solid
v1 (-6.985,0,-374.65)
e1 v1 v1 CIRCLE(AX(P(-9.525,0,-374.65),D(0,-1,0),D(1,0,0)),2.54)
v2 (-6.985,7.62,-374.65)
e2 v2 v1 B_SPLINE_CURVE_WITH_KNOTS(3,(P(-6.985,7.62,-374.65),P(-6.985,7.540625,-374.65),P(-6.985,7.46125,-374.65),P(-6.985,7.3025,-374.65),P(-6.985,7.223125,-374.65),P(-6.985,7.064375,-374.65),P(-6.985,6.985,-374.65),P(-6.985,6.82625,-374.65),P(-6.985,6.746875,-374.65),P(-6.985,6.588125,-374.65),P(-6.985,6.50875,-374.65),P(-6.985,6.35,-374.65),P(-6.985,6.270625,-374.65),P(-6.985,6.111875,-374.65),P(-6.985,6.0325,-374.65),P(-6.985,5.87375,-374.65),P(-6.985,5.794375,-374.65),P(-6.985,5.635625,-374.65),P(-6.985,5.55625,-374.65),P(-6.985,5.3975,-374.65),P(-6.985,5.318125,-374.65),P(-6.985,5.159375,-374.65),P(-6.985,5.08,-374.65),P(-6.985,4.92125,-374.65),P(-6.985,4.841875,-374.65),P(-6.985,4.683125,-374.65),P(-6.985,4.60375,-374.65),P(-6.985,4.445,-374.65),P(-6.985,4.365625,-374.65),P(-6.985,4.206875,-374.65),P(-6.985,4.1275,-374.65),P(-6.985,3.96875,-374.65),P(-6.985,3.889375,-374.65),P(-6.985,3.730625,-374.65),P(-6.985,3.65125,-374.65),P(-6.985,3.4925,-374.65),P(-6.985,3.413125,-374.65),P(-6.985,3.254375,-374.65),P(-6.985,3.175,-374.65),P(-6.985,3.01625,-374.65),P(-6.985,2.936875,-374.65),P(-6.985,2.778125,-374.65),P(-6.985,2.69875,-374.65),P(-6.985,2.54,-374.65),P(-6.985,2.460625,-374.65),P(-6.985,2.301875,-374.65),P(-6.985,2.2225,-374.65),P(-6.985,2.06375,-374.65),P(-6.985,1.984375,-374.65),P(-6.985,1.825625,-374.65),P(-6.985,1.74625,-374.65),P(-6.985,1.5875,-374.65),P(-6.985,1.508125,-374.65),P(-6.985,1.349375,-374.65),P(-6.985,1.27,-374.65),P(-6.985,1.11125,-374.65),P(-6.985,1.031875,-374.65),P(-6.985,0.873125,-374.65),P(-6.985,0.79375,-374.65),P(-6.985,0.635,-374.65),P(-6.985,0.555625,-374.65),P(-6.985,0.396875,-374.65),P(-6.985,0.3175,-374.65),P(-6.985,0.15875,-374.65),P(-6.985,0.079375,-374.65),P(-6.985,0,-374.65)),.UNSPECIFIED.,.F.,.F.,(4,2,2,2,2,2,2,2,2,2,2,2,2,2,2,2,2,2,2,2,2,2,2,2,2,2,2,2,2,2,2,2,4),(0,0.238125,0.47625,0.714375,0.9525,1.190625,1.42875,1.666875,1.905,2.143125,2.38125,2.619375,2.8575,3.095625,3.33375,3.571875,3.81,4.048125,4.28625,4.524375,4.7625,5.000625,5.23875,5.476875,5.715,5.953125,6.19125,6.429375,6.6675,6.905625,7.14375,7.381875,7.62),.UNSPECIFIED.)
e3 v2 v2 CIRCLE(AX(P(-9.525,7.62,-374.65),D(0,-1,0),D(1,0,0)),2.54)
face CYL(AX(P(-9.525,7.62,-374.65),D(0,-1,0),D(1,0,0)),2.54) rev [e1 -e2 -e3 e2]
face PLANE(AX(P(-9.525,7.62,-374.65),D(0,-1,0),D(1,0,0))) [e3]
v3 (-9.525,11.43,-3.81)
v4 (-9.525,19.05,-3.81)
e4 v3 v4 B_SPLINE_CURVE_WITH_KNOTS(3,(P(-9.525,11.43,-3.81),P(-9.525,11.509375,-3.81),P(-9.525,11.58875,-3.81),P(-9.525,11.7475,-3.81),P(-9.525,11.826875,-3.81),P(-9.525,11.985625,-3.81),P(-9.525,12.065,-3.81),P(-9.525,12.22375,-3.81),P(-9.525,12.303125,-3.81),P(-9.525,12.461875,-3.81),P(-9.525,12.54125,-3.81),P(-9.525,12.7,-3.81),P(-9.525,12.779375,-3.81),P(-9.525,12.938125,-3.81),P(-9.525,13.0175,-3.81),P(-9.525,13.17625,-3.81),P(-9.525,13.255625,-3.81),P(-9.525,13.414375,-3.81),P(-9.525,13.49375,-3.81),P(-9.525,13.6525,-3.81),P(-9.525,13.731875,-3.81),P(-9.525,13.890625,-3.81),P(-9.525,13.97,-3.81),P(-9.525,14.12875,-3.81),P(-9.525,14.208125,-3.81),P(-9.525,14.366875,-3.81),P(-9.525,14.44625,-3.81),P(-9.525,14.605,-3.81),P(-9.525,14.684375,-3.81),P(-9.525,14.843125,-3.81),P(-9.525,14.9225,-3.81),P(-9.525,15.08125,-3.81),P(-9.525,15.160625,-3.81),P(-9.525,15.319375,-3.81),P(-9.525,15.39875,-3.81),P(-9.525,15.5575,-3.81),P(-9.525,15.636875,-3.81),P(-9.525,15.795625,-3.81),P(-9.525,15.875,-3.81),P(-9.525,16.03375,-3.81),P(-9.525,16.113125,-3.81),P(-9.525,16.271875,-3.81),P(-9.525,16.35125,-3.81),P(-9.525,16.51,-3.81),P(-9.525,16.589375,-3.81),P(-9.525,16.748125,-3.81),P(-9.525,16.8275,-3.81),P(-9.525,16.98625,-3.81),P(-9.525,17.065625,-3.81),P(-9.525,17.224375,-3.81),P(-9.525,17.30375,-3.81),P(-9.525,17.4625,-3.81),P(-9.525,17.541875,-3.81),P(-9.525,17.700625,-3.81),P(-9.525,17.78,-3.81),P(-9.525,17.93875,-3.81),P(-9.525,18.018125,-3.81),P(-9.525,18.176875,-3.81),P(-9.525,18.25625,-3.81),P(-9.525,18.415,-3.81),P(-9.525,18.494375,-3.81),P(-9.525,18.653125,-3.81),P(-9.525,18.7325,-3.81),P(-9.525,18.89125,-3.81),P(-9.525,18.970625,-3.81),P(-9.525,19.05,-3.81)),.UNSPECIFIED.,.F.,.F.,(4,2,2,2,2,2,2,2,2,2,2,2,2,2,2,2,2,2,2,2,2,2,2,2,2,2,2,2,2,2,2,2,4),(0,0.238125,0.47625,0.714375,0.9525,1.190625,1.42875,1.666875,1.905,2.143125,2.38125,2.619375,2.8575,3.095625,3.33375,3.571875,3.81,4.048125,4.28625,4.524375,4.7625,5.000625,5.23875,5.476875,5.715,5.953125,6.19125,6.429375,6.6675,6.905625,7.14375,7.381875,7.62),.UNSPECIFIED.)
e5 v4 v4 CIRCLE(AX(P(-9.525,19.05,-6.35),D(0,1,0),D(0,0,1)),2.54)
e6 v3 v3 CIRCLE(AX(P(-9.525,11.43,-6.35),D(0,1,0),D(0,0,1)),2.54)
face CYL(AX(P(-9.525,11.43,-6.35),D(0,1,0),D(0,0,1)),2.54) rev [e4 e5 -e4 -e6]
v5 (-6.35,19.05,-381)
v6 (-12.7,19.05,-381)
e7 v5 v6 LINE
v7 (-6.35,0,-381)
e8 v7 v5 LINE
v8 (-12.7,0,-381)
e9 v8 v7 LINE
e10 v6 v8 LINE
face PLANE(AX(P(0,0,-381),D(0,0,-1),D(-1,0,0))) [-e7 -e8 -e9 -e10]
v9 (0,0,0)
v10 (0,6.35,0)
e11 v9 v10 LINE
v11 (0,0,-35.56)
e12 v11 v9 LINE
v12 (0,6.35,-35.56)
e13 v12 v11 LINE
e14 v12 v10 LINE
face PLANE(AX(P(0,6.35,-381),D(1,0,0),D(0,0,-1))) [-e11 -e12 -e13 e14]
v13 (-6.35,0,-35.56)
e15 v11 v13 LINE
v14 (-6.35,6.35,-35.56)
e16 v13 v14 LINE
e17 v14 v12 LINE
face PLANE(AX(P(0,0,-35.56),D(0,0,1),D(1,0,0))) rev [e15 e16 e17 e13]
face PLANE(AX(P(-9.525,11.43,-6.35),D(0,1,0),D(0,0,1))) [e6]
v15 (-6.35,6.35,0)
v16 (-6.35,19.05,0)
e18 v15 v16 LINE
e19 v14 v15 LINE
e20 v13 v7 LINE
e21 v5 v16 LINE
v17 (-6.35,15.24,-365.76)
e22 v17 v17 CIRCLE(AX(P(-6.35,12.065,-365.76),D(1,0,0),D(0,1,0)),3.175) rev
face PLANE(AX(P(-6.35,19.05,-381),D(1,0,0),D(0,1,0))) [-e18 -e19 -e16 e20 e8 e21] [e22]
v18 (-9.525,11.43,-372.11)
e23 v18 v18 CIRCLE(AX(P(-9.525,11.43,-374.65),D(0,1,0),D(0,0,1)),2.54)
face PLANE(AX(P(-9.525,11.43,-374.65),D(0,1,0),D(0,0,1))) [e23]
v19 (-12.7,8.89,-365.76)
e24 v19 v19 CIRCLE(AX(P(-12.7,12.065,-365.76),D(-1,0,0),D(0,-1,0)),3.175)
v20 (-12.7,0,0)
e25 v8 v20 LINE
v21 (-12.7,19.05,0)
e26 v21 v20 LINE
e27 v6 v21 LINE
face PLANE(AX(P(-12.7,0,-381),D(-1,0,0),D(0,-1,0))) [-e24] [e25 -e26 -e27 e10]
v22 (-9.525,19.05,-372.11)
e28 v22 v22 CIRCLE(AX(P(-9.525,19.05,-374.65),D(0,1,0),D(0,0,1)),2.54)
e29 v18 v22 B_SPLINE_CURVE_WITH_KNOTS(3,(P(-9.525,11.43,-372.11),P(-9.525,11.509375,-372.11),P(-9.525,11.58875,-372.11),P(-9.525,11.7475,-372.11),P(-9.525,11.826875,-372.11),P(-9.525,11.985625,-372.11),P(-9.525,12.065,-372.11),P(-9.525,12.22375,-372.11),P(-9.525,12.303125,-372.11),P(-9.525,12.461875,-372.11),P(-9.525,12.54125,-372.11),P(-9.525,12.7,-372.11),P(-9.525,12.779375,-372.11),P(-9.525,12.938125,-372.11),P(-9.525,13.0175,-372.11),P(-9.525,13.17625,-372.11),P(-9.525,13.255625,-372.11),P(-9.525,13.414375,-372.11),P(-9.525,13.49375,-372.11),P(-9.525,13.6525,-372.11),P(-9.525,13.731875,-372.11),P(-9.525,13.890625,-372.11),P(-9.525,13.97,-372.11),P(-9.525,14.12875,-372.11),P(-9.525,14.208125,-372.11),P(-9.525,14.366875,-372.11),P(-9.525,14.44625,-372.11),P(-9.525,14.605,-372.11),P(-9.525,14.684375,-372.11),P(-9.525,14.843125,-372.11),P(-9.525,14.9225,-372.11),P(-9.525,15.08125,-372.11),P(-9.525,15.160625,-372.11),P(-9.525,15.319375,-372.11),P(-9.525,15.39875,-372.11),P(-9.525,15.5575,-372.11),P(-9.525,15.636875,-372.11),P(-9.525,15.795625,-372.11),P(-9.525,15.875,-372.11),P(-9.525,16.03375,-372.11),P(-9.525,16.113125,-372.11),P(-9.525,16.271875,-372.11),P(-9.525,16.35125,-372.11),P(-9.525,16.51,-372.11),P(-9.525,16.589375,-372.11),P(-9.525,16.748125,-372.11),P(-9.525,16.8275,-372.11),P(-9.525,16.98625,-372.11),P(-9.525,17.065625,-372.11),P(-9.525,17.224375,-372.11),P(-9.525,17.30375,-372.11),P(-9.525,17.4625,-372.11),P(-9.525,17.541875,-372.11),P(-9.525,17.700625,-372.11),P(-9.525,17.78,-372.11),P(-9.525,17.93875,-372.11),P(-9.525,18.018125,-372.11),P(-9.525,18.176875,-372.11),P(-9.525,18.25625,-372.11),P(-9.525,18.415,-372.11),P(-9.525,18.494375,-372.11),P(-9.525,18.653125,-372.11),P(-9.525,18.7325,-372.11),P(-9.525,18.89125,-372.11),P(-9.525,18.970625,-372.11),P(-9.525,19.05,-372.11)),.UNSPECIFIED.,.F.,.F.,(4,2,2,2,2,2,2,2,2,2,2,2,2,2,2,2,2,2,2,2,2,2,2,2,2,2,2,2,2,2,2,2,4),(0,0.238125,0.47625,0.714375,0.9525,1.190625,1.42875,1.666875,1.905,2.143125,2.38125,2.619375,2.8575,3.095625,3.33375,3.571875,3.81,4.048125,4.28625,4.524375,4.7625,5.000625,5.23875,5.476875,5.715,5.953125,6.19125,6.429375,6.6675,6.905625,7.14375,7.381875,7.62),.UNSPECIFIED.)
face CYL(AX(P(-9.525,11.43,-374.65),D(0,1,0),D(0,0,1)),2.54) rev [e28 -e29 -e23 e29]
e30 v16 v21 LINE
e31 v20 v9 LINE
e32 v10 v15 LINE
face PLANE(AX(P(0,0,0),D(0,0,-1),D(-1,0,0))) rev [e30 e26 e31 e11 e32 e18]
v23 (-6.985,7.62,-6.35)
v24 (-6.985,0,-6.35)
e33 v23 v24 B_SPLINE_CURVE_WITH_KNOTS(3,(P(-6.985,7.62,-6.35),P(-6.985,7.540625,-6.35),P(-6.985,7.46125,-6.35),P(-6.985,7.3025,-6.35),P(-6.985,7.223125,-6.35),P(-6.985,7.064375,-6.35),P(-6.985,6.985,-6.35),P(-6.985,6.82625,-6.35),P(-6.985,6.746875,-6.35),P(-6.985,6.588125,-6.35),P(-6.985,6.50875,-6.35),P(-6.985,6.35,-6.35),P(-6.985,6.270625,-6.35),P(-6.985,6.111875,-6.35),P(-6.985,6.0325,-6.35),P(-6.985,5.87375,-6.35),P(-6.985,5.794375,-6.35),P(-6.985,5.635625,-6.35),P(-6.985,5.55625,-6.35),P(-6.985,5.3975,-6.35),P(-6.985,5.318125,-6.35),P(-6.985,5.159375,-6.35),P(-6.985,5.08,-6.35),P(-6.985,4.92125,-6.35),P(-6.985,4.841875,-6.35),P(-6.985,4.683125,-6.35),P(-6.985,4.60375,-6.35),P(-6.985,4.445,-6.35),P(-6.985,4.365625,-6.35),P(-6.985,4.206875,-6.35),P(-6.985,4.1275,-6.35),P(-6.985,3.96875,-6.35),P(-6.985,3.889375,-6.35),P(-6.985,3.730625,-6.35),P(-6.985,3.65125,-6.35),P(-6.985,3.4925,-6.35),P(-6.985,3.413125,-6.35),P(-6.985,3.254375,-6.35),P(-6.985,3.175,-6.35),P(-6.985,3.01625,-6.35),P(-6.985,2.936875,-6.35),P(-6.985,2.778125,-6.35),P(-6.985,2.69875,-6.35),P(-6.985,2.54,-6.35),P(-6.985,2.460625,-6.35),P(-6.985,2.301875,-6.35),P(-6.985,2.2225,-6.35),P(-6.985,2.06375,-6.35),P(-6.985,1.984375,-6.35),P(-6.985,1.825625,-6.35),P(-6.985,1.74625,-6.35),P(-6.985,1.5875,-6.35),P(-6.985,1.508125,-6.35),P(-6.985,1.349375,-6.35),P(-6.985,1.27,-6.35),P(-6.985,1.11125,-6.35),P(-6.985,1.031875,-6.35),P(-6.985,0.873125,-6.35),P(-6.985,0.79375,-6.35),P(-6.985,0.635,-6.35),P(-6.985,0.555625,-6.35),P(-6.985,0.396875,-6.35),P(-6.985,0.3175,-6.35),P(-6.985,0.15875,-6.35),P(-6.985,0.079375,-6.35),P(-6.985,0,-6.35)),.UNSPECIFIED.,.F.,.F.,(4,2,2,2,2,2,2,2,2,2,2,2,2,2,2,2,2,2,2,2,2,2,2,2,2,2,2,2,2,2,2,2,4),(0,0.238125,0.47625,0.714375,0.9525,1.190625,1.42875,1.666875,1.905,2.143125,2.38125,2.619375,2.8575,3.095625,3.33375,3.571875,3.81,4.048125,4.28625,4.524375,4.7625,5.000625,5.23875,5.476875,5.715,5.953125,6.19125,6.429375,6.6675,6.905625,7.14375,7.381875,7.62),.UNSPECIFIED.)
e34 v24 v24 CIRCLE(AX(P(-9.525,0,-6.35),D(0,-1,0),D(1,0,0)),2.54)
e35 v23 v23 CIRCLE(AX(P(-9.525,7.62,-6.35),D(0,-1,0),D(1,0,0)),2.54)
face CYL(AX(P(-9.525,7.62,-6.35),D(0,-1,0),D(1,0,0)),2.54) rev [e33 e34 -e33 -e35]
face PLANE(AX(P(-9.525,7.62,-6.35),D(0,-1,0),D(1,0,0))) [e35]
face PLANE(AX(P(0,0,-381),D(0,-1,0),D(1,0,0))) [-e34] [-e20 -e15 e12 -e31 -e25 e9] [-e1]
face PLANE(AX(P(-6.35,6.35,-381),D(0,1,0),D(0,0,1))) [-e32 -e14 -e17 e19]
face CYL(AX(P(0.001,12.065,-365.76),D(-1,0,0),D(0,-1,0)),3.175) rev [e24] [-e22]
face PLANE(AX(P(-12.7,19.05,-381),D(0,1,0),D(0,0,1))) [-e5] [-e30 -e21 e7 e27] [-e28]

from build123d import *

# Parameters (mm, degrees)
BOSS_EXTRUDE1_DEPTH = 381
CUT_EXTRUDE1_REACH  = 383.687
SKETCH2_R           = 3.175
SKETCH3_R           = 2.54
CUT_EXTRUDE2_DEPTH  = 7.62
CUT_EXTRUDE3_START  = -7.62
SKETCH4_R           = 2.54
CUT_EXTRUDE3_DEPTH  = 7.62
SKETCH5_W           = 6.35
SKETCH5_H           = 6.35
CUT_EXTRUDE4_DEPTH  = 345.44


with BuildPart() as part:
    # Sketch1 → Boss-Extrude1 (new body)
    with BuildSketch(Plane.XY):
        Polygon((0, 0), (-12.7, 0), (-12.7, 19.05), (-6.35, 19.05), (-6.35, 6.35), (0, 6.35), align=None)
    extrude(amount=-BOSS_EXTRUDE1_DEPTH)

    # Sketch2 → Cut-Extrude1 (cut, up to next)
    with BuildSketch(Plane.ZY.offset(12.7), mode=Mode.PRIVATE) as cut_extrude1_sk1:
        with Locations(Location((-365.76, 12.065, 0), (0, 0, 270))):
            Circle(SKETCH2_R)
    cut_extrude1_tool1 = extrude(cut_extrude1_sk1.sketch, amount=-CUT_EXTRUDE1_REACH, mode=Mode.PRIVATE) & part.part
    add(cut_extrude1_tool1.solids().sort_by_distance((-12.7, 12.065, -365.76))[0], mode=Mode.SUBTRACT)

    # Sketch3 → Cut-Extrude2 (cut)
    with BuildSketch(Plane(origin=(0, 19.05, 0), x_dir=(1, 0, 0), z_dir=(0, 1, 0))):
        with Locations(Location((-9.525, 6.35, 0), (0, 0, 270))):
            Circle(SKETCH3_R)
        with Locations(Location((-9.525, 374.65, 0), (0, 0, 270))):
            Circle(SKETCH3_R)
    extrude(amount=-CUT_EXTRUDE2_DEPTH, mode=Mode.SUBTRACT)

    # Sketch4 → Cut-Extrude3 (cut)
    with BuildSketch(Plane.XZ.offset(CUT_EXTRUDE3_START)):
        with Locations(Location((-9.525, -374.65, 0), (0, 0, 90))):
            Circle(SKETCH4_R)
        with Locations(Location((-9.525, -6.35, 0), (0, 0, 90))):
            Circle(SKETCH4_R)
    extrude(amount=CUT_EXTRUDE3_DEPTH, mode=Mode.SUBTRACT)

    # Sketch5 → Cut-Extrude4 (cut)
    with BuildSketch(Plane(origin=(0, 0, -381), x_dir=(-1, 0, 0), z_dir=(0, 0, -1))):
        with Locations((3.175, 3.175)):
            Rectangle(SKETCH5_W, SKETCH5_H)
    extrude(amount=-CUT_EXTRUDE4_DEPTH, mode=Mode.SUBTRACT)


solid = part.part
